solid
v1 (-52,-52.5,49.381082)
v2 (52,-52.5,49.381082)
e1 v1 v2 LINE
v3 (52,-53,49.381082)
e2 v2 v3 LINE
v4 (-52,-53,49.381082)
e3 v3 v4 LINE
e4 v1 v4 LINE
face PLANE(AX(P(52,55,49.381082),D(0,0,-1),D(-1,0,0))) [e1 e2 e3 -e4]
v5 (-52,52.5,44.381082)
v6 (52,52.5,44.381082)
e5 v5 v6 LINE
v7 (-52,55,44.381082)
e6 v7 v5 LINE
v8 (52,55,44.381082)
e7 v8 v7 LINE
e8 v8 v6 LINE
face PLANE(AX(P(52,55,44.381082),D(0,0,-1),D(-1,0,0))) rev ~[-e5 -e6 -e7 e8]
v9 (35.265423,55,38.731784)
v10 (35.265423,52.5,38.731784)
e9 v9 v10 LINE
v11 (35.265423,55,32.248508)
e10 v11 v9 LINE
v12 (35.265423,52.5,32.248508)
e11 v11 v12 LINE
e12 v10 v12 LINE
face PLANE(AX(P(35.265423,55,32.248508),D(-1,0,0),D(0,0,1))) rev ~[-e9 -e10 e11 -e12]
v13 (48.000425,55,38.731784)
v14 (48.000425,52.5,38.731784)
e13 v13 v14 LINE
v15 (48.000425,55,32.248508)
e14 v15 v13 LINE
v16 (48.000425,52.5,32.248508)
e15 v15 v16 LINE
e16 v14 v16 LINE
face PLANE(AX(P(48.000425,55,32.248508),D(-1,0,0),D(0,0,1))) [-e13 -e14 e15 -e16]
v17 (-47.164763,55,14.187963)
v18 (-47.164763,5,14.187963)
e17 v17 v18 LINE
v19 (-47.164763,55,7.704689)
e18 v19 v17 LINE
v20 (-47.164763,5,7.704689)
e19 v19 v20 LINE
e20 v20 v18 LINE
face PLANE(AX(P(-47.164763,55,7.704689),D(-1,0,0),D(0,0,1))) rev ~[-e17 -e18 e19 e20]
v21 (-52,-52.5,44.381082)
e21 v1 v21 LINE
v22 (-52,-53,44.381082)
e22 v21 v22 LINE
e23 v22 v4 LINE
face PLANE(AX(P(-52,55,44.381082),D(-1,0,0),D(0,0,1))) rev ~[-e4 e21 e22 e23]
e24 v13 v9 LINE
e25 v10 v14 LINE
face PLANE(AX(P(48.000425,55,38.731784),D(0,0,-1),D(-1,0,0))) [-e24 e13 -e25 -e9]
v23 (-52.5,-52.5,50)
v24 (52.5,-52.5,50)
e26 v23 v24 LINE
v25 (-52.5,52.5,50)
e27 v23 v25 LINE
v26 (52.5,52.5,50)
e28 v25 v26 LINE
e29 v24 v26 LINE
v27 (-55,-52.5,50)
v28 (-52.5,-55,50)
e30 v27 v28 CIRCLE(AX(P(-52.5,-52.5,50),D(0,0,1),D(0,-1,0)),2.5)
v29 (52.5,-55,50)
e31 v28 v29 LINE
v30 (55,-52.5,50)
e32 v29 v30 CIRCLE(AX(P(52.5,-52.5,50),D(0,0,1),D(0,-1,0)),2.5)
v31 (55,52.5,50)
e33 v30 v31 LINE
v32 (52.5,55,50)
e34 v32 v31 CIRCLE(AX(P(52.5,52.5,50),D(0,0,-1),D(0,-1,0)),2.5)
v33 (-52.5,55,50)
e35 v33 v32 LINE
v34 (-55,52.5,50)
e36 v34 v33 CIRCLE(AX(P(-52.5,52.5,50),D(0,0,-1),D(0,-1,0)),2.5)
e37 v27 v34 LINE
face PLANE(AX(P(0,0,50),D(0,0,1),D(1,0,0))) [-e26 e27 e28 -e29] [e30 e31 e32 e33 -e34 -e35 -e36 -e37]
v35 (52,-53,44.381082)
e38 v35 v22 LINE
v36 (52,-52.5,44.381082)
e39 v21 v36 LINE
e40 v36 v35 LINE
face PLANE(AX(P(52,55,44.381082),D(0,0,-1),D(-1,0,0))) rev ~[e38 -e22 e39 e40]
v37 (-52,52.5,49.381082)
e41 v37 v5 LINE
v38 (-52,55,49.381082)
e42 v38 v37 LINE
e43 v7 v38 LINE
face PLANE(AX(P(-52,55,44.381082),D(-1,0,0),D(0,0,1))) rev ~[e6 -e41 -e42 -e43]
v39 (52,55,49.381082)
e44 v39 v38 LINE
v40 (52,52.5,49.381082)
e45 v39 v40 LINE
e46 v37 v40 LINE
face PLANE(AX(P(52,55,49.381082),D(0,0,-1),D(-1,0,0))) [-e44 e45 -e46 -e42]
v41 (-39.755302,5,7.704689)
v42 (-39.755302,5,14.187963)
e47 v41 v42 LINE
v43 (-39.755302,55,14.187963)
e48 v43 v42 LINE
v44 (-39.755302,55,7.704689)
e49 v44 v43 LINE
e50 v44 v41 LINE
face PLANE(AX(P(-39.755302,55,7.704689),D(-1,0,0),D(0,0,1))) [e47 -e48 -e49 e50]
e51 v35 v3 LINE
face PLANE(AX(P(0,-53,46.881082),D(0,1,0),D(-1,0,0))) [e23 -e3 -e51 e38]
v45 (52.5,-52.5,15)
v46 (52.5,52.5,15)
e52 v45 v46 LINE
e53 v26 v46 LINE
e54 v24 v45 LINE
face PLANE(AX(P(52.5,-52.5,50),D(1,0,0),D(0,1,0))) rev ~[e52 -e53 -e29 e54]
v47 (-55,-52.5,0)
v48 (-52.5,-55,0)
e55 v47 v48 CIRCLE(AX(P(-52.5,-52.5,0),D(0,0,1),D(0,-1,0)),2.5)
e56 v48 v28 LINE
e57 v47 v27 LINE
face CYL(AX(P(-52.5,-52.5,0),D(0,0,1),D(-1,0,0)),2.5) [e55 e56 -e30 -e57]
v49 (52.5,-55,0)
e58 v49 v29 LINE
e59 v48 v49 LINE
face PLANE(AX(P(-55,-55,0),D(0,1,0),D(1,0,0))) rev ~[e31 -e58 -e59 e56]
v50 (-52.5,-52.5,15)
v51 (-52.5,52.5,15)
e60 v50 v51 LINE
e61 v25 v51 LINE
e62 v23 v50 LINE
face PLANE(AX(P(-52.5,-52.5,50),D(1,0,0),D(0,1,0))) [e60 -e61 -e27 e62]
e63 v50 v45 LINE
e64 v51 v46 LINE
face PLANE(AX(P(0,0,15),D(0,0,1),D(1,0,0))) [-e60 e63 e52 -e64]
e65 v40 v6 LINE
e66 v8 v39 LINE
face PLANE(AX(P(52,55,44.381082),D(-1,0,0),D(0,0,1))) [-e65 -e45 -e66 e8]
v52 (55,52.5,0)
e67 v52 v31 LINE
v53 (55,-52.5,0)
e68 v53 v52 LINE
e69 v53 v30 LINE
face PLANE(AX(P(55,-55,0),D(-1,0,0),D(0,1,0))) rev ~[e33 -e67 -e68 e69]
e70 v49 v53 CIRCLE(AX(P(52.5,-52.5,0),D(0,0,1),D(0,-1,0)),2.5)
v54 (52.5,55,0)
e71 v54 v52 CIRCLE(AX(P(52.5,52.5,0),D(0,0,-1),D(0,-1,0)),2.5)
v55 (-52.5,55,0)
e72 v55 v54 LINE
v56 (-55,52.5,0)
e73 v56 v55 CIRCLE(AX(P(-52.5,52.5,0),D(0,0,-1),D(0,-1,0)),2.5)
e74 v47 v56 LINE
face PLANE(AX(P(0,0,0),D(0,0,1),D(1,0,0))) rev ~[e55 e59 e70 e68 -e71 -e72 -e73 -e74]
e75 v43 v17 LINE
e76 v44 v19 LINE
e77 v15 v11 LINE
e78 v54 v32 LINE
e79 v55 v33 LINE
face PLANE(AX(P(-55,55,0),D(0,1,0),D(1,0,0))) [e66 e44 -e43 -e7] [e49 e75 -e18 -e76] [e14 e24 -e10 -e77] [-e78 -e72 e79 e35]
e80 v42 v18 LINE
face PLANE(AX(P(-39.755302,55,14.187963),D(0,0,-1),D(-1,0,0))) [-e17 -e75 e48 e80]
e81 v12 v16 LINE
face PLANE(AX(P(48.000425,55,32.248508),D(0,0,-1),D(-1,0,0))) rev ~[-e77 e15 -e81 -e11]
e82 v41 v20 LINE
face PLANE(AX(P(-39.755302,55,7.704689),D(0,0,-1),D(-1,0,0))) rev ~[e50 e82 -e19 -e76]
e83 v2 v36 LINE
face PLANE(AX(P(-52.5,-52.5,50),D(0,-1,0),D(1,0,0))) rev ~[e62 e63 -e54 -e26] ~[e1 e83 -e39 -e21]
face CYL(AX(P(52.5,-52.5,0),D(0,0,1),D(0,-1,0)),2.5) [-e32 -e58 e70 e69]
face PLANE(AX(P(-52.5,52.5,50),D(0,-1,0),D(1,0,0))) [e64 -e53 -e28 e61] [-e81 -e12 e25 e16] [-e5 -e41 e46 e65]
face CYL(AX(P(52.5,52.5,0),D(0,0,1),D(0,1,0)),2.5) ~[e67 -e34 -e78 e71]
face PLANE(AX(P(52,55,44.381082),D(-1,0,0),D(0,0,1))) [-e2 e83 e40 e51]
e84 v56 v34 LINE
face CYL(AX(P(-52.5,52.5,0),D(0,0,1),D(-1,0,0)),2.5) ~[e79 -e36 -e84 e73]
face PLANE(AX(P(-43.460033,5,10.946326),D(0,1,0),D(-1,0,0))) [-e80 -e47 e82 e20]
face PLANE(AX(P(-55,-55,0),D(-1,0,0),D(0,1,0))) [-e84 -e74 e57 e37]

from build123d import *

# Parameters (mm, degrees)
F0_W     = 110
F0_H     = 110
F1_DEPTH = 50
F2_W     = 105
F2_H     = 105
F3_DEPTH = 35
F4_W     = 104
F4_H     = 5
F5_DEPTH = 108
F6_W     = 12.735002
F6_H     = 6.483276
F6_W_2   = 7.409461
F6_H_2   = 6.483274
F7_DEPTH = 50
F8_R     = 2.5


with BuildPart() as f1:
    # F0 (on Top) → F1 (new body)
    with BuildSketch(Plane.XY):
        Rectangle(F0_W, F0_H)
    extrude(amount=F1_DEPTH)

    # F2 (on face) → F3 (cut)
    with BuildSketch(Plane.XY.offset(50)):
        Rectangle(F2_W, F2_H)
    extrude(amount=-F3_DEPTH, mode=Mode.SUBTRACT)

    # F4 (on face) → F5 (cut)
    with BuildSketch(Plane(origin=(0, 55, 0), x_dir=(-1, 0, 0), z_dir=(0, 1, 0))):
        with Locations((0, 46.881082)):
            Rectangle(F4_W, F4_H)
    extrude(amount=-F5_DEPTH, mode=Mode.SUBTRACT)

    # F6 (on face) → F7 (cut)
    with BuildSketch(Plane(origin=(0, 55, 0), x_dir=(-1, 0, 0), z_dir=(0, 1, 0))):
        with Locations((-41.632924, 35.490146)):
            Rectangle(F6_W, F6_H)
        with Locations((43.460033, 10.946326)):
            Rectangle(F6_W_2, F6_H_2)
    extrude(amount=-F7_DEPTH, mode=Mode.SUBTRACT)

    # F8
    f8_edges = [f1.edges().sort_by_distance(p)[0] for p in [
        (-55, 55, 25),
        (-55, -55, 25),
        (55, 55, 25),
        (55, -55, 25),
    ]]
    fillet(f8_edges, radius=F8_R)


solid = f1.part
